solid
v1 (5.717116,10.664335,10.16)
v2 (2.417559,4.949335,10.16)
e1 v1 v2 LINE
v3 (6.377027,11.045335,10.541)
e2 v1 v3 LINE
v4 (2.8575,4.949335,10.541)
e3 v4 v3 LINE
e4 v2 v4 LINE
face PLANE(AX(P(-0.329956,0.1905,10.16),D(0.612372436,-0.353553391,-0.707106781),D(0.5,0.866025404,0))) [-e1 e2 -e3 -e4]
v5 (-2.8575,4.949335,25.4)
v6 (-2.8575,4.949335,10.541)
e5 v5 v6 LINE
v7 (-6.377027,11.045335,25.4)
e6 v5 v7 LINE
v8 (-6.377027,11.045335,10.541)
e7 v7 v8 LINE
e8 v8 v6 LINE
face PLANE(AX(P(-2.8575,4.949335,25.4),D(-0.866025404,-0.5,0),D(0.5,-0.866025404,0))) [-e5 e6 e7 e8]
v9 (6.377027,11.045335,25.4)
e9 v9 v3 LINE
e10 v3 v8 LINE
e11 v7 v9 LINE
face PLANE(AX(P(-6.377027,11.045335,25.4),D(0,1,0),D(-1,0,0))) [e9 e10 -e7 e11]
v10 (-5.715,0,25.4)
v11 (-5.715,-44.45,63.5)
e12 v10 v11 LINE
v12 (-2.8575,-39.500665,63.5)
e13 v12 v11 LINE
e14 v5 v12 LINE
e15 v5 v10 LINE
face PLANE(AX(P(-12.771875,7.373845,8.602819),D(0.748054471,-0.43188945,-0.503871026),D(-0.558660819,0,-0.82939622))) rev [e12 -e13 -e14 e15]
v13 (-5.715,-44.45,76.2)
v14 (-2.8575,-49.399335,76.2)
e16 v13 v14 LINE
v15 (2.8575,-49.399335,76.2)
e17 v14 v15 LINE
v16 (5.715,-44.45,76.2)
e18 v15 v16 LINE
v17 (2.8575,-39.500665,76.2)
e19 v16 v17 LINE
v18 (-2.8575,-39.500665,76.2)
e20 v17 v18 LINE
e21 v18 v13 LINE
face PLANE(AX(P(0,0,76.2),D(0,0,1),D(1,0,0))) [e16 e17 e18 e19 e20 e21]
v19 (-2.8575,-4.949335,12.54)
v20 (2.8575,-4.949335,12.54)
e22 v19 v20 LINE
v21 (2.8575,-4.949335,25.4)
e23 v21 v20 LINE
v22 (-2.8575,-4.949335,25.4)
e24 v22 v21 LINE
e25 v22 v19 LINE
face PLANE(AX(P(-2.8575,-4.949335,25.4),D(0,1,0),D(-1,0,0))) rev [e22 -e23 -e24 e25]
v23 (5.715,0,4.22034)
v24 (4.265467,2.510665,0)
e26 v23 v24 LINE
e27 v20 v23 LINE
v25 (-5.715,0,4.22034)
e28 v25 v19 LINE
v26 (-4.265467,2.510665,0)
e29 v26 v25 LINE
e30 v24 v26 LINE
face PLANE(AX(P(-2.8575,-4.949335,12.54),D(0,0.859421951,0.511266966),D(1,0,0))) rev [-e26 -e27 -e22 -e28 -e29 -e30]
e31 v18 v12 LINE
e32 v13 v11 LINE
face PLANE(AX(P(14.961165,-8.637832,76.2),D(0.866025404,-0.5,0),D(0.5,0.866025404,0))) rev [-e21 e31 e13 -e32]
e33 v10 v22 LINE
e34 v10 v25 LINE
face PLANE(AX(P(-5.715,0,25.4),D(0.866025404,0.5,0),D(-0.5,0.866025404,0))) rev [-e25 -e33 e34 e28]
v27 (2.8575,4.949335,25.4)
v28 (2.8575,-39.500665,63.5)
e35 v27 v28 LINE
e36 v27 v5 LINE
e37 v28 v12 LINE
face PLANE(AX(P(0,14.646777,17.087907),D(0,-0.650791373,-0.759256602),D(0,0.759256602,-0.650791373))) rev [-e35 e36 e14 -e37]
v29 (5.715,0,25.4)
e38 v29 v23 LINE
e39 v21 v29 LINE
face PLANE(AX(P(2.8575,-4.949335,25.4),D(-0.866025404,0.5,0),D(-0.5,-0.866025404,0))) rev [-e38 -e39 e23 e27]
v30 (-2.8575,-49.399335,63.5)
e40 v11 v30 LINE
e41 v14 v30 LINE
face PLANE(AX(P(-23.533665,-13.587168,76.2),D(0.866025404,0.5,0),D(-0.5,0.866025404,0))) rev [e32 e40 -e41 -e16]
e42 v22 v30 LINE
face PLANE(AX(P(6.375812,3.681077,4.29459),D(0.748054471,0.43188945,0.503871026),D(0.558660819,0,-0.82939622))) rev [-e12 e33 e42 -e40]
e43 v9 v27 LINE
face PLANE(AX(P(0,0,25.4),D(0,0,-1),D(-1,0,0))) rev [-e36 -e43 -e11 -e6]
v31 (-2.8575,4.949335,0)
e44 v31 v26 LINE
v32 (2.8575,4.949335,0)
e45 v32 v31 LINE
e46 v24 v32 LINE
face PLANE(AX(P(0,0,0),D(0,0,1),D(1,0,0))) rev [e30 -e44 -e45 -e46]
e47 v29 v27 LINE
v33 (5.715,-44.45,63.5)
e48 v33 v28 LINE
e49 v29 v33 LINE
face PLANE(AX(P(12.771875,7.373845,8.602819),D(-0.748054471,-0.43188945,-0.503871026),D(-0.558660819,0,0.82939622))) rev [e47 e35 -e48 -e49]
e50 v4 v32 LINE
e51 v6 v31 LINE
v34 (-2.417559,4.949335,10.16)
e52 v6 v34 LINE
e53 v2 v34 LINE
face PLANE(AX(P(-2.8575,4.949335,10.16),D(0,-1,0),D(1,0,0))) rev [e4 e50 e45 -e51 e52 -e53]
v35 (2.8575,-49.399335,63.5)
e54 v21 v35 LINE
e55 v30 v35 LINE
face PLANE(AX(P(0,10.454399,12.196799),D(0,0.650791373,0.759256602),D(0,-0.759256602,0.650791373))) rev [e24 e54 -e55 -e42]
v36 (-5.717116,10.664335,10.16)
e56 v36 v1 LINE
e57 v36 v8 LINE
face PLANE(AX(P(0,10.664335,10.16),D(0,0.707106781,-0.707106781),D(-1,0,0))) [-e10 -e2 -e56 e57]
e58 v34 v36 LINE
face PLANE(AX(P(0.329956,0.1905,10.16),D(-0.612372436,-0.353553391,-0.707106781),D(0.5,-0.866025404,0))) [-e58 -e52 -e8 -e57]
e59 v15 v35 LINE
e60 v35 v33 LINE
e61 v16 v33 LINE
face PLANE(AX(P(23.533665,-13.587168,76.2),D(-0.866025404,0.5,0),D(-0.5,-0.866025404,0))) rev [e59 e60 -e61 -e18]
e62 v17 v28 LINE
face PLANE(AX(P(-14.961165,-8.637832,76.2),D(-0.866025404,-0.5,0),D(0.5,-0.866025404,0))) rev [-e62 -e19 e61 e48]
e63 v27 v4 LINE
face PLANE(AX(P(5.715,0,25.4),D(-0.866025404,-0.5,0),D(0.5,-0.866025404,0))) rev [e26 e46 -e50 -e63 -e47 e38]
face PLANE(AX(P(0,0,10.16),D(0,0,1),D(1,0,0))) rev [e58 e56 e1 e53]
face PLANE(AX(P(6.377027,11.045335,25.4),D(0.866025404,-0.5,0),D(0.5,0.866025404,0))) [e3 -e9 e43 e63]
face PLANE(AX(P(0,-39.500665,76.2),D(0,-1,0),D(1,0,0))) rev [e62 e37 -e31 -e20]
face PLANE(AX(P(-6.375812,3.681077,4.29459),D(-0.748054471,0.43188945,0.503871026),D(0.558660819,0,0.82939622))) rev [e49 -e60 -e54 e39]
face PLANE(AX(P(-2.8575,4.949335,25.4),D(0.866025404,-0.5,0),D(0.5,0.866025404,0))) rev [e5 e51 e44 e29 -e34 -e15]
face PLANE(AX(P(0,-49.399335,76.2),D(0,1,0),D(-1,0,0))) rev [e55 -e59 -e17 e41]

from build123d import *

# Parameters (mm, degrees)
BOSS_EXTRUDE1_DEPTH = 25.4
BOSS_EXTRUDE2_DEPTH = 12.7
BOSS_EXTRUDE3_DEPTH = 25.4
CHAMFER1_SIZE       = 7.46
CHAMFER1_SIZE2      = 12.54
CUT_EXTRUDE1_DEPTH  = 10.16
CHAMFER7_SIZE       = 0.381


with BuildPart() as part:
    # Sketch1 → Boss-Extrude1 (new body)
    with BuildSketch(Plane.XY):
        Polygon((5.715, 0), (2.8575, 4.949335183), (-2.8575, 4.949335183), (-5.715, 0), (-2.8575, -4.949335183), (2.8575, -4.949335183), align=None)
    extrude(amount=BOSS_EXTRUDE1_DEPTH)



with BuildPart() as body_2:
    # Sketch2 → Boss-Extrude2 (new body)
    with BuildSketch(Plane.XY.offset(63.5)):
        Polygon((-2.8575, -49.399335183), (2.8575, -49.399335183), (5.715, -44.45), (2.8575, -39.500664817), (-2.8575, -39.500664817), (-5.715, -44.45), align=None)
    extrude(amount=BOSS_EXTRUDE2_DEPTH)


with BuildPart() as part_1:
    add(part.part)

    add(body_2.part)  # loft1 joins it to this body
    # loft from a face of the part (loft1)
    loft([part_1.faces().sort_by_distance((0, 0, 25.4))[0], part_1.faces().sort_by_distance((0, -44.45, 63.5))[0]])

    # Sketch4 → Boss-Extrude3 (add)
    with BuildSketch(Plane(origin=(0, 0, 0), x_dir=(-1, 0, 0), z_dir=(0, 0, -1))):
        Polygon((2.8575, 4.949335183), (6.377027241, 11.045335183), (-6.377027241, 11.045335183), (-2.8575, 4.949335183), align=None)
    extrude(amount=-BOSS_EXTRUDE3_DEPTH)

    # Chamfer1
    chamfer1_edges = [part_1.edges().sort_by_distance(p)[0] for p in [
        (0, -4.949335183, 0),
    ]]
    chamfer1_side = [part_1.faces().sort_by_distance(p)[0] for p in [
        (0, 3.343943544, 0),
    ]]
    chamfer(chamfer1_edges, length=CHAMFER1_SIZE, length2=CHAMFER1_SIZE2, reference=chamfer1_side[0])

    # Sketch8 → Cut-Extrude1 (cut)
    with BuildSketch(Plane(origin=(0, 0, 0), x_dir=(-1, 0, 0), z_dir=(0, 0, -1))):
        Polygon((-6.377027241, 11.045335183), (6.377027241, 11.045335183), (2.8575, 4.949335183), (-2.8575, 4.949335183), align=None)
    extrude(amount=-CUT_EXTRUDE1_DEPTH, mode=Mode.SUBTRACT)

    # Chamfer7
    chamfer7_edges = [part_1.edges().sort_by_distance(p)[0] for p in [
        (4.61726362, 7.997335183, 10.16),
        (0, 11.045335183, 10.16),
        (-4.61726362, 7.997335183, 10.16),
    ]]
    chamfer(chamfer7_edges, length=CHAMFER7_SIZE)


solid = part_1.part
